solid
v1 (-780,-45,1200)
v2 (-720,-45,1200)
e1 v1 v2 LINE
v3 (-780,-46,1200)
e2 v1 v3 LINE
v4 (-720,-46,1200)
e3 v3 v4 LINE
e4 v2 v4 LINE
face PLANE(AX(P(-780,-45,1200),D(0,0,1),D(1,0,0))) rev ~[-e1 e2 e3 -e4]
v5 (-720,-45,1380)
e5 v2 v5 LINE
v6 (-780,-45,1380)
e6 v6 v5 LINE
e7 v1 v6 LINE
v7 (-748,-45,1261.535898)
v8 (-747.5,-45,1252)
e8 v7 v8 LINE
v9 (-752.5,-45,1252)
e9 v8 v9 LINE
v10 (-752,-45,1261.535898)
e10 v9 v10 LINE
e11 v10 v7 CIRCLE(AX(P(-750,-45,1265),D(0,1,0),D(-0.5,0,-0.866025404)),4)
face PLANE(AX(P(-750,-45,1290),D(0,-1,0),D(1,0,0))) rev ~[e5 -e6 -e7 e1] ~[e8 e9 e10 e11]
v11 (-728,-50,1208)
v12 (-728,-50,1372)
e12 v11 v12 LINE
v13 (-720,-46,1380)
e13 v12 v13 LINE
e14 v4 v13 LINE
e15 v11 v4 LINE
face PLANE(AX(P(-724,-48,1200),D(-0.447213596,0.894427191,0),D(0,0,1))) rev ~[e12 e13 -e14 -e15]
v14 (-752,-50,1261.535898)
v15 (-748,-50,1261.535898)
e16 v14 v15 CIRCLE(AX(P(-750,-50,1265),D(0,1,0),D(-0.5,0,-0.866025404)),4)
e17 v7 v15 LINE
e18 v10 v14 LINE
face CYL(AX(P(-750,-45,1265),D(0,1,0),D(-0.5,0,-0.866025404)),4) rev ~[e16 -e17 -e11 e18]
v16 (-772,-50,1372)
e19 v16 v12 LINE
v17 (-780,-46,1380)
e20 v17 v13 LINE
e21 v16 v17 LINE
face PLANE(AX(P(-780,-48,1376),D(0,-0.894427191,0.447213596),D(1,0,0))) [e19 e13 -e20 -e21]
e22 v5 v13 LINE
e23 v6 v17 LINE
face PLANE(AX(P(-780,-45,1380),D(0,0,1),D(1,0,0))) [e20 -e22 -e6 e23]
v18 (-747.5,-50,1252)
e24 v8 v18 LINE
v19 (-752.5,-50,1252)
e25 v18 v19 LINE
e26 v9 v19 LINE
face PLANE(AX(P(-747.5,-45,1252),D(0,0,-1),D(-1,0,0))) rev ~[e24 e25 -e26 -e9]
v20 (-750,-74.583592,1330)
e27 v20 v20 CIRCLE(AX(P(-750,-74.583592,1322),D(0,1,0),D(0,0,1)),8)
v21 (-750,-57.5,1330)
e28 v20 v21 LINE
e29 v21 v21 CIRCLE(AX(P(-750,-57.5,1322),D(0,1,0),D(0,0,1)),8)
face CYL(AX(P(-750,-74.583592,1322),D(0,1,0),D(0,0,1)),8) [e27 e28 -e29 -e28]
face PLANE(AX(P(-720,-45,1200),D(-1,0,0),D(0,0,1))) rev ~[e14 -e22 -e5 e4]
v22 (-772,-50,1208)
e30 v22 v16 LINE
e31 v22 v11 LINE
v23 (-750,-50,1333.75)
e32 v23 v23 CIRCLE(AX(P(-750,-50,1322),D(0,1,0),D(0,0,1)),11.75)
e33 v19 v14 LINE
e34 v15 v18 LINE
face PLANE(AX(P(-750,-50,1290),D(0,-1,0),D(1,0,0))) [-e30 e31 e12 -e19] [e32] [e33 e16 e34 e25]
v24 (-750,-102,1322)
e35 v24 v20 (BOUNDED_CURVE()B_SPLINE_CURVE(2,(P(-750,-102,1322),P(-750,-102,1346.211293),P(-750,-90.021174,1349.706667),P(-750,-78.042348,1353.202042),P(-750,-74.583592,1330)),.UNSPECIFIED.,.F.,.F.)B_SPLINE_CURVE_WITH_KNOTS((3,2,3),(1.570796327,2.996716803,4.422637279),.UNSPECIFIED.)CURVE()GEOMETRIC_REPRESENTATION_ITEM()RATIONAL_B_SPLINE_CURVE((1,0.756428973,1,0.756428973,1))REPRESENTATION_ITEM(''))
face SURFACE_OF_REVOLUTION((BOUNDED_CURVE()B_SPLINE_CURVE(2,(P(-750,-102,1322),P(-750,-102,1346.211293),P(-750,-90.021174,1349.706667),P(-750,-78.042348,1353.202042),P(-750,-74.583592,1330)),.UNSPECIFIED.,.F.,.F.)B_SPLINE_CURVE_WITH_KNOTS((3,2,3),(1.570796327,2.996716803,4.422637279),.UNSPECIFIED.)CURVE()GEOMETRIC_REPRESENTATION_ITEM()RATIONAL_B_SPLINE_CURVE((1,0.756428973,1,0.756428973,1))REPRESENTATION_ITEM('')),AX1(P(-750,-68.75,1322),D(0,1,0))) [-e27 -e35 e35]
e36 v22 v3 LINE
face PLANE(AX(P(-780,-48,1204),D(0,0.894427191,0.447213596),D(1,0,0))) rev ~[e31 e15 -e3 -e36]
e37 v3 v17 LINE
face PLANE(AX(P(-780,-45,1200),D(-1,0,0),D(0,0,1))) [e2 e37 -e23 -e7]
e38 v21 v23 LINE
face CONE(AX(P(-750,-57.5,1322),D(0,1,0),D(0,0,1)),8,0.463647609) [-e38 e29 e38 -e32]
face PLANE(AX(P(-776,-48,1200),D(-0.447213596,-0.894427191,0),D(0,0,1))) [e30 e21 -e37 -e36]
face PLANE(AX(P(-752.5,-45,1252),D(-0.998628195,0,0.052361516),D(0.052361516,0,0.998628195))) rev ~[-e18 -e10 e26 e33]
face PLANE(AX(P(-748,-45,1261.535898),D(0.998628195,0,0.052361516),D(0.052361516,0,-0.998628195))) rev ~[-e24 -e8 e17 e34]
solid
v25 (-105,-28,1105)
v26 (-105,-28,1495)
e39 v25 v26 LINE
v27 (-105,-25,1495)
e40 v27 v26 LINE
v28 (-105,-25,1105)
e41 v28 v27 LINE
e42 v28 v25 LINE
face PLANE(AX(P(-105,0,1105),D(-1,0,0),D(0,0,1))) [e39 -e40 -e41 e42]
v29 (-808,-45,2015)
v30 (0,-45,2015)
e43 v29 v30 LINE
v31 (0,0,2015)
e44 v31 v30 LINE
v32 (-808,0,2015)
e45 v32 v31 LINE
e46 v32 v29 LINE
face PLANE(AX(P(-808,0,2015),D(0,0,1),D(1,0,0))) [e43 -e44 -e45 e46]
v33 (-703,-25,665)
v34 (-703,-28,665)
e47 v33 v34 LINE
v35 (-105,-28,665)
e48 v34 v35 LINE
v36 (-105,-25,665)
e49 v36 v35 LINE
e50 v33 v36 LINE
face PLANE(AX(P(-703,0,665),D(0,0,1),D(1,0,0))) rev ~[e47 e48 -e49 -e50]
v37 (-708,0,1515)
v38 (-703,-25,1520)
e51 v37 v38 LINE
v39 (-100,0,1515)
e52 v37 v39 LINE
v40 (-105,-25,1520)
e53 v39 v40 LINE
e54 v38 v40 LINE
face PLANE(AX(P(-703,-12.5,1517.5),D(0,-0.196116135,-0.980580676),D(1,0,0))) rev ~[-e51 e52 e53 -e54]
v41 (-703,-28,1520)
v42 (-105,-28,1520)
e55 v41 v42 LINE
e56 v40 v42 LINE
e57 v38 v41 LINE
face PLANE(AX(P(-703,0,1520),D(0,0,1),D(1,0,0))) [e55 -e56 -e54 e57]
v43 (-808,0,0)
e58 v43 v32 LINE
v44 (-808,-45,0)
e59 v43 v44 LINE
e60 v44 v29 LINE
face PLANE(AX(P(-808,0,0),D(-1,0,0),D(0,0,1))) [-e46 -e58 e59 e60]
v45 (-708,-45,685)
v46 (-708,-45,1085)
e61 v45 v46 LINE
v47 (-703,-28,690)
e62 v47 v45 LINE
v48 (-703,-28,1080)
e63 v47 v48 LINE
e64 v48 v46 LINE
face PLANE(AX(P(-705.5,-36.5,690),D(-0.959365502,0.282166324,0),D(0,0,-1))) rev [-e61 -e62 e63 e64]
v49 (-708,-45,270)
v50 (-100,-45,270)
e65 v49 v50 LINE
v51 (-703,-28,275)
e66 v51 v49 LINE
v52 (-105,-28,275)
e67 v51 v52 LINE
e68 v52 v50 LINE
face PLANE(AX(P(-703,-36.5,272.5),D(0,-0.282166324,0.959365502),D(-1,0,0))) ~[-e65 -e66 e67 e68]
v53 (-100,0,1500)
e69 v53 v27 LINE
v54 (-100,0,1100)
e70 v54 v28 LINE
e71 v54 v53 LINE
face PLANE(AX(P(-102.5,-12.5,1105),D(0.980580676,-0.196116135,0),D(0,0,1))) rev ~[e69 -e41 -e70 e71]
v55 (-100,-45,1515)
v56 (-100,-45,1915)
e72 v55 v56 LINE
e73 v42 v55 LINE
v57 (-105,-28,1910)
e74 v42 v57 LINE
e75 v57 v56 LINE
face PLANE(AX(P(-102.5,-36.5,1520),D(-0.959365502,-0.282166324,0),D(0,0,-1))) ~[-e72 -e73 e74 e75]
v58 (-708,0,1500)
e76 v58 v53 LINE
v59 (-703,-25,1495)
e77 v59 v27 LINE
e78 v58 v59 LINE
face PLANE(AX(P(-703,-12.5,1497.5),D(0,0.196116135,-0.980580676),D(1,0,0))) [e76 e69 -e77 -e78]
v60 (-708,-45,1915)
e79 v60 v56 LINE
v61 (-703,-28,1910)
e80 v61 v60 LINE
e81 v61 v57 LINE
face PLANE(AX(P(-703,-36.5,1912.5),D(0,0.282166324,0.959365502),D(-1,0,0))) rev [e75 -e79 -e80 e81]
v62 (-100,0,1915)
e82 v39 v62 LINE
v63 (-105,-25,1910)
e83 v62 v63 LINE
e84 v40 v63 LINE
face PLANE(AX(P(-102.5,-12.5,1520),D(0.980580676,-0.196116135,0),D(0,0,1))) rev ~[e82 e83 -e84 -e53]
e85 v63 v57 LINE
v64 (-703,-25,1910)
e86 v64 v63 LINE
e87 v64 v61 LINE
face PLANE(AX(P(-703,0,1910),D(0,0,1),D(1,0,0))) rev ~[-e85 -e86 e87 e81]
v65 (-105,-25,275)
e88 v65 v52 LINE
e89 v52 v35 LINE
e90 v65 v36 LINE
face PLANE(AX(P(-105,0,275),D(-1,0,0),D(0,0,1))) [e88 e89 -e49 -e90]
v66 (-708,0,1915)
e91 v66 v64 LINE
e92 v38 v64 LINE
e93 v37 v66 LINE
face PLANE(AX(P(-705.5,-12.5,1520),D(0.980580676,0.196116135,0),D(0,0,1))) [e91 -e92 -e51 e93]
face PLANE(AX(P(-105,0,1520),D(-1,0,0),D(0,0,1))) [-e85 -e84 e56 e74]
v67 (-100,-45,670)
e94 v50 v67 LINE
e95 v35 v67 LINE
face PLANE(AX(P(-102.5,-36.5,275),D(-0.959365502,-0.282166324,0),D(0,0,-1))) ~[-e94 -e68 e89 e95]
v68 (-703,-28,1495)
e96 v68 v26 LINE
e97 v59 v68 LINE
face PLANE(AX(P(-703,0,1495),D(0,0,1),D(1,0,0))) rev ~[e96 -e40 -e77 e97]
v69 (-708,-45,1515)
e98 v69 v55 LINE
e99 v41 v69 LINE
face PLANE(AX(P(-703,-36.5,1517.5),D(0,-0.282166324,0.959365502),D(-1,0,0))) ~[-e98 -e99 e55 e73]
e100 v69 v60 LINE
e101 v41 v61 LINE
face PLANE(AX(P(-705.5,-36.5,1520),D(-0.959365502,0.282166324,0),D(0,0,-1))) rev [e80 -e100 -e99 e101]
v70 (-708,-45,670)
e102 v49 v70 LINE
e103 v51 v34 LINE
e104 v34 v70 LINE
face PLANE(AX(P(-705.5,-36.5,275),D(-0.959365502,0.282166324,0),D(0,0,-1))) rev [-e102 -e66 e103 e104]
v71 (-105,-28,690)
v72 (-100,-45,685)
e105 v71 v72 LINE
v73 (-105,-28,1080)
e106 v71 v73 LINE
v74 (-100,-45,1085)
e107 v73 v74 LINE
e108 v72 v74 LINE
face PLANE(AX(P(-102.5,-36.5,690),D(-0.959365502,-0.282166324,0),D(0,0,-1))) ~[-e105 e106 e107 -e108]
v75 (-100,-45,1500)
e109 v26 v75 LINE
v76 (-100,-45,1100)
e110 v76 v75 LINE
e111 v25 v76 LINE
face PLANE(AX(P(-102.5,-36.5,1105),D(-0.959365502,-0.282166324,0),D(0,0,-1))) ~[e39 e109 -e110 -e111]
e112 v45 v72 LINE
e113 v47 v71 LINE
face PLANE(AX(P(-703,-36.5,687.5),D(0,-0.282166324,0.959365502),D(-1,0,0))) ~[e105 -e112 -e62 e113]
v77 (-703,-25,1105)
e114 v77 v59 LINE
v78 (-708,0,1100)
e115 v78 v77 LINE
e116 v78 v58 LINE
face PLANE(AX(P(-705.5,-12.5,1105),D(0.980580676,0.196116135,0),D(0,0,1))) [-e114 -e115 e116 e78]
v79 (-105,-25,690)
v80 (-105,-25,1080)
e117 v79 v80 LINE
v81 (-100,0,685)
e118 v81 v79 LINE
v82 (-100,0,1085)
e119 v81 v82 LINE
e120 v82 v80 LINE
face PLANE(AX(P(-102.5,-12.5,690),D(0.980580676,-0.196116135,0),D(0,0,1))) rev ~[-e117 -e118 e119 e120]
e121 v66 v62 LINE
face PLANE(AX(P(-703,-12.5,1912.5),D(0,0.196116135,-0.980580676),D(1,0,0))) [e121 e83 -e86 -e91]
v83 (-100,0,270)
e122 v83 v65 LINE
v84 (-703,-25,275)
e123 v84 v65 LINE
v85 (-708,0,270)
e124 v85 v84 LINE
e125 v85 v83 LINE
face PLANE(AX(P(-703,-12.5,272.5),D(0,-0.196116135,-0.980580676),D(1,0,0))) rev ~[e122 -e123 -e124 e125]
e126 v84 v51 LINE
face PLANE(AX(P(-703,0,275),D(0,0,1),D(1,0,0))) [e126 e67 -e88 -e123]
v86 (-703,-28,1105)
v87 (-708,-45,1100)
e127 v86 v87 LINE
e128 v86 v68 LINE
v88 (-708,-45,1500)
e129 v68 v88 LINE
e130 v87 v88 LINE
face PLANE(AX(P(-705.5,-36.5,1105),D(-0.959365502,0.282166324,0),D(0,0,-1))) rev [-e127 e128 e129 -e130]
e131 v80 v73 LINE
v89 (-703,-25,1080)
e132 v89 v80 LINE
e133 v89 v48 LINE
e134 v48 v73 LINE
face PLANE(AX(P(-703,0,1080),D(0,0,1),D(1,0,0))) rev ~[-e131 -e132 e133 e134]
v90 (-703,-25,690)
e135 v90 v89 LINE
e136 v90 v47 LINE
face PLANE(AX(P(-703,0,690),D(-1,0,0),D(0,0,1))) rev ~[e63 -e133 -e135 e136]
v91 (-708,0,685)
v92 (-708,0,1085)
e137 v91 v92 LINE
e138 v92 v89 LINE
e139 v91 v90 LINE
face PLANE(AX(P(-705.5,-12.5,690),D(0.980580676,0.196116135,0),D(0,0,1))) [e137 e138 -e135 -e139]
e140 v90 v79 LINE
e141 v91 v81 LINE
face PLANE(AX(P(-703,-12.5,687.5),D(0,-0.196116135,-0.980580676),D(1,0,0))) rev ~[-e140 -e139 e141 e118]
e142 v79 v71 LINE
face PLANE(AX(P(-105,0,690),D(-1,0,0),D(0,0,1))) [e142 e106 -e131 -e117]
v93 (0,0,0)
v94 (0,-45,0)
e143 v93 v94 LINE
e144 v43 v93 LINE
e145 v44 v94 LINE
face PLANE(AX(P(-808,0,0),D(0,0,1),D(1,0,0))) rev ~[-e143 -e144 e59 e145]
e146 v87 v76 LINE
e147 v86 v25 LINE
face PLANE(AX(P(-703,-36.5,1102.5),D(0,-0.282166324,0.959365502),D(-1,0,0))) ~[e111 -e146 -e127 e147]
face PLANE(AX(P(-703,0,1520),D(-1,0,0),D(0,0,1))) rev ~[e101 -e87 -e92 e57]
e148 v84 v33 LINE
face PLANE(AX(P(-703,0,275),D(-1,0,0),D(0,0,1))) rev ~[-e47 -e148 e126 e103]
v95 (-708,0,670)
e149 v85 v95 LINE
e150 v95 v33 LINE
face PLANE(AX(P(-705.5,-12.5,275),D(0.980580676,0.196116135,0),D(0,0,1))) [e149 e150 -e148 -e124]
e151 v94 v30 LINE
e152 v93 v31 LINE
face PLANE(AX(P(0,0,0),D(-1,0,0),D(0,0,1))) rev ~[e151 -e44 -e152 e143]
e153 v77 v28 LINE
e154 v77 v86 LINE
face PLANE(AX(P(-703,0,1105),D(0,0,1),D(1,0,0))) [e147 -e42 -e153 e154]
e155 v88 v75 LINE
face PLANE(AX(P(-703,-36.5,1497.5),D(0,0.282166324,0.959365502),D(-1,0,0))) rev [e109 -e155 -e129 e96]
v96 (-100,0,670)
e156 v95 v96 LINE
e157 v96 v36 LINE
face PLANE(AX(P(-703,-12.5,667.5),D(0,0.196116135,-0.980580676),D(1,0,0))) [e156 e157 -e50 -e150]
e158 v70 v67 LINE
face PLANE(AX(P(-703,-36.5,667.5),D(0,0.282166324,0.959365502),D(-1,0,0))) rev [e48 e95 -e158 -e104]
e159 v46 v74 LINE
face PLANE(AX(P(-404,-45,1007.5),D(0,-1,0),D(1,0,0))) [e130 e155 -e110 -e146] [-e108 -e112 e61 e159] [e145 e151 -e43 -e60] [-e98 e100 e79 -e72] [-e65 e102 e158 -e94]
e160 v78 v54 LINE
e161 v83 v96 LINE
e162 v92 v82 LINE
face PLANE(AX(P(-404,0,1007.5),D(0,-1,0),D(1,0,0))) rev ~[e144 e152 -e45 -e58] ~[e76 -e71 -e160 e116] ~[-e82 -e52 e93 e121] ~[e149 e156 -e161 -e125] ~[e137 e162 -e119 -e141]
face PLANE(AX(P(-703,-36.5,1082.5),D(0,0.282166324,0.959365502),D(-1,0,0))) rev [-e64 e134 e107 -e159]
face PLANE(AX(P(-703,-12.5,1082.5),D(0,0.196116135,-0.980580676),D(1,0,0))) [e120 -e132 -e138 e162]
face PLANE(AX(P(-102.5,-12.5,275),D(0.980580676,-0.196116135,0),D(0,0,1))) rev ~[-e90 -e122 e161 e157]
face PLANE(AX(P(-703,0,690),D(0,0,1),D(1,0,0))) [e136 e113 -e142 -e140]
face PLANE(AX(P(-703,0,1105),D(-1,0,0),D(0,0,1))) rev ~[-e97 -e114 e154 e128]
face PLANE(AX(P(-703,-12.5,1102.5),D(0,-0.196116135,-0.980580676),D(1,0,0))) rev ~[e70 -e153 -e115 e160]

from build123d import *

# Parameters (mm, degrees)
F0_W     = 808
F0_H     = 2015
F0_W_2   = 598
F0_H_2   = 390
F1_DEPTH = 45
F2_SIZE2 = 5
F2_SIZE  = 17
F3_SIZE2 = 25
F3_SIZE  = 5
F4_W     = 60
F4_H     = 180
F5_DEPTH = 5
F9_SIZE2 = 4
F9_SIZE  = 8


with BuildPart() as f1:
    # F0 (on Front) → F1 (new body)
    with BuildSketch(Plane.XZ):
        with Locations((-404, 1007.5)):
            Rectangle(F0_W, F0_H)
        with Locations((-404, 470)):
            Rectangle(F0_W_2, F0_H_2, mode=Mode.SUBTRACT)
        with Locations((-404, 885)):
            Rectangle(F0_W_2, F0_H_2, mode=Mode.SUBTRACT)
        with Locations((-404, 1300)):
            Rectangle(F0_W_2, F0_H_2, mode=Mode.SUBTRACT)
        with Locations((-404, 1715)):
            Rectangle(F0_W_2, F0_H_2, mode=Mode.SUBTRACT)
    extrude(amount=F1_DEPTH)

    # F2
    f2_edges = [f1.edges().sort_by_distance(p)[0] for p in [
        (-404, -45, 275),
        (-105, -45, 470),
        (-703, -45, 470),
        (-404, -45, 665),
        (-703, -45, 885),
        (-404, -45, 1080),
        (-404, -45, 690),
        (-105, -45, 885),
        (-404, -45, 1105),
        (-105, -45, 1300),
        (-404, -45, 1495),
        (-703, -45, 1300),
        (-703, -45, 1715),
        (-404, -45, 1910),
        (-105, -45, 1715),
        (-404, -45, 1520),
    ]]
    chamfer(f2_edges, length=F2_SIZE, length2=F2_SIZE2)

    # F3
    f3_edges = [f1.edges().sort_by_distance(p)[0] for p in [
        (-404, 0, 1520),
        (-105, 0, 1715),
        (-703, 0, 1715),
        (-404, 0, 1910),
        (-105, 0, 1300),
        (-404, 0, 1105),
        (-404, 0, 1495),
        (-703, 0, 1300),
        (-404, 0, 1080),
        (-703, 0, 885),
        (-105, 0, 885),
        (-404, 0, 690),
        (-404, 0, 275),
        (-105, 0, 470),
        (-404, 0, 665),
        (-703, 0, 470),
    ]]
    f3_side = f1.faces().sort_by_distance((-404, 0, 21.70965))[0]
    chamfer(f3_edges, length=F3_SIZE, length2=F3_SIZE2, reference=f3_side)


with BuildPart() as f5:
    # F4 (on face) → F5 (new body)
    with BuildSketch(Plane.XZ.offset(45)):
        with Locations((-750, 1290)):
            Rectangle(F4_W, F4_H)
        with BuildLine():
            ThreePointArc((-752, 1261.5358983849), (-750, 1269), (-748, 1261.5358983849))
            Line((-748, 1261.5358983849), (-747.5, 1252))
            Line((-747.5, 1252), (-752.5, 1252))
            Line((-752.5, 1252), (-752, 1261.5358983849))
        make_face(mode=Mode.SUBTRACT)
    extrude(amount=F5_DEPTH)

    # F7 (on offset) → F8 (revolve)
    with BuildSketch(Plane(origin=(-750, 0, 0), x_dir=(0, -1, 0), z_dir=(-1, 0, 0))):
        with BuildLine():
            Line((88, 1322), (102, 1322))
            add(Edge.make_bspline(
                [(102, 1322), (102, 1346.2112931563), (90.0211741501, 1349.7066674326), (78.0423483002, 1353.2020417089), (74.583592135, 1330)],
                knots=[1.5707963268, 1.5707963268, 1.5707963268, 2.9967168029, 2.9967168029, 4.4226372789, 4.4226372789, 4.4226372789], degree=2, weights=[1, 0.7564289729, 1, 0.7564289729, 1]))
            Line((74.583592135, 1330), (57.5, 1330))
            Line((57.5, 1330), (49.5, 1334))
            Line((49.5, 1334), (49.5, 1330))
            Line((49.5, 1330), (49.5, 1322))
            Line((49.5, 1322), (88, 1322))
        make_face()
    revolve(axis=Axis((-750, -68.75, 1322), (0, 1, 0)))

    # F9
    f9_edges = [f5.edges().sort_by_distance(p)[0] for p in [
        (-780, -50, 1290),
        (-750, -50, 1200),
        (-720, -50, 1290),
        (-750, -50, 1380),
    ]]
    f9_side = f5.faces().sort_by_distance((-750, -50, 1288.906922))[0]
    chamfer(f9_edges, length=F9_SIZE, length2=F9_SIZE2, reference=f9_side)


solid = Compound([f1.part, f5.part])
